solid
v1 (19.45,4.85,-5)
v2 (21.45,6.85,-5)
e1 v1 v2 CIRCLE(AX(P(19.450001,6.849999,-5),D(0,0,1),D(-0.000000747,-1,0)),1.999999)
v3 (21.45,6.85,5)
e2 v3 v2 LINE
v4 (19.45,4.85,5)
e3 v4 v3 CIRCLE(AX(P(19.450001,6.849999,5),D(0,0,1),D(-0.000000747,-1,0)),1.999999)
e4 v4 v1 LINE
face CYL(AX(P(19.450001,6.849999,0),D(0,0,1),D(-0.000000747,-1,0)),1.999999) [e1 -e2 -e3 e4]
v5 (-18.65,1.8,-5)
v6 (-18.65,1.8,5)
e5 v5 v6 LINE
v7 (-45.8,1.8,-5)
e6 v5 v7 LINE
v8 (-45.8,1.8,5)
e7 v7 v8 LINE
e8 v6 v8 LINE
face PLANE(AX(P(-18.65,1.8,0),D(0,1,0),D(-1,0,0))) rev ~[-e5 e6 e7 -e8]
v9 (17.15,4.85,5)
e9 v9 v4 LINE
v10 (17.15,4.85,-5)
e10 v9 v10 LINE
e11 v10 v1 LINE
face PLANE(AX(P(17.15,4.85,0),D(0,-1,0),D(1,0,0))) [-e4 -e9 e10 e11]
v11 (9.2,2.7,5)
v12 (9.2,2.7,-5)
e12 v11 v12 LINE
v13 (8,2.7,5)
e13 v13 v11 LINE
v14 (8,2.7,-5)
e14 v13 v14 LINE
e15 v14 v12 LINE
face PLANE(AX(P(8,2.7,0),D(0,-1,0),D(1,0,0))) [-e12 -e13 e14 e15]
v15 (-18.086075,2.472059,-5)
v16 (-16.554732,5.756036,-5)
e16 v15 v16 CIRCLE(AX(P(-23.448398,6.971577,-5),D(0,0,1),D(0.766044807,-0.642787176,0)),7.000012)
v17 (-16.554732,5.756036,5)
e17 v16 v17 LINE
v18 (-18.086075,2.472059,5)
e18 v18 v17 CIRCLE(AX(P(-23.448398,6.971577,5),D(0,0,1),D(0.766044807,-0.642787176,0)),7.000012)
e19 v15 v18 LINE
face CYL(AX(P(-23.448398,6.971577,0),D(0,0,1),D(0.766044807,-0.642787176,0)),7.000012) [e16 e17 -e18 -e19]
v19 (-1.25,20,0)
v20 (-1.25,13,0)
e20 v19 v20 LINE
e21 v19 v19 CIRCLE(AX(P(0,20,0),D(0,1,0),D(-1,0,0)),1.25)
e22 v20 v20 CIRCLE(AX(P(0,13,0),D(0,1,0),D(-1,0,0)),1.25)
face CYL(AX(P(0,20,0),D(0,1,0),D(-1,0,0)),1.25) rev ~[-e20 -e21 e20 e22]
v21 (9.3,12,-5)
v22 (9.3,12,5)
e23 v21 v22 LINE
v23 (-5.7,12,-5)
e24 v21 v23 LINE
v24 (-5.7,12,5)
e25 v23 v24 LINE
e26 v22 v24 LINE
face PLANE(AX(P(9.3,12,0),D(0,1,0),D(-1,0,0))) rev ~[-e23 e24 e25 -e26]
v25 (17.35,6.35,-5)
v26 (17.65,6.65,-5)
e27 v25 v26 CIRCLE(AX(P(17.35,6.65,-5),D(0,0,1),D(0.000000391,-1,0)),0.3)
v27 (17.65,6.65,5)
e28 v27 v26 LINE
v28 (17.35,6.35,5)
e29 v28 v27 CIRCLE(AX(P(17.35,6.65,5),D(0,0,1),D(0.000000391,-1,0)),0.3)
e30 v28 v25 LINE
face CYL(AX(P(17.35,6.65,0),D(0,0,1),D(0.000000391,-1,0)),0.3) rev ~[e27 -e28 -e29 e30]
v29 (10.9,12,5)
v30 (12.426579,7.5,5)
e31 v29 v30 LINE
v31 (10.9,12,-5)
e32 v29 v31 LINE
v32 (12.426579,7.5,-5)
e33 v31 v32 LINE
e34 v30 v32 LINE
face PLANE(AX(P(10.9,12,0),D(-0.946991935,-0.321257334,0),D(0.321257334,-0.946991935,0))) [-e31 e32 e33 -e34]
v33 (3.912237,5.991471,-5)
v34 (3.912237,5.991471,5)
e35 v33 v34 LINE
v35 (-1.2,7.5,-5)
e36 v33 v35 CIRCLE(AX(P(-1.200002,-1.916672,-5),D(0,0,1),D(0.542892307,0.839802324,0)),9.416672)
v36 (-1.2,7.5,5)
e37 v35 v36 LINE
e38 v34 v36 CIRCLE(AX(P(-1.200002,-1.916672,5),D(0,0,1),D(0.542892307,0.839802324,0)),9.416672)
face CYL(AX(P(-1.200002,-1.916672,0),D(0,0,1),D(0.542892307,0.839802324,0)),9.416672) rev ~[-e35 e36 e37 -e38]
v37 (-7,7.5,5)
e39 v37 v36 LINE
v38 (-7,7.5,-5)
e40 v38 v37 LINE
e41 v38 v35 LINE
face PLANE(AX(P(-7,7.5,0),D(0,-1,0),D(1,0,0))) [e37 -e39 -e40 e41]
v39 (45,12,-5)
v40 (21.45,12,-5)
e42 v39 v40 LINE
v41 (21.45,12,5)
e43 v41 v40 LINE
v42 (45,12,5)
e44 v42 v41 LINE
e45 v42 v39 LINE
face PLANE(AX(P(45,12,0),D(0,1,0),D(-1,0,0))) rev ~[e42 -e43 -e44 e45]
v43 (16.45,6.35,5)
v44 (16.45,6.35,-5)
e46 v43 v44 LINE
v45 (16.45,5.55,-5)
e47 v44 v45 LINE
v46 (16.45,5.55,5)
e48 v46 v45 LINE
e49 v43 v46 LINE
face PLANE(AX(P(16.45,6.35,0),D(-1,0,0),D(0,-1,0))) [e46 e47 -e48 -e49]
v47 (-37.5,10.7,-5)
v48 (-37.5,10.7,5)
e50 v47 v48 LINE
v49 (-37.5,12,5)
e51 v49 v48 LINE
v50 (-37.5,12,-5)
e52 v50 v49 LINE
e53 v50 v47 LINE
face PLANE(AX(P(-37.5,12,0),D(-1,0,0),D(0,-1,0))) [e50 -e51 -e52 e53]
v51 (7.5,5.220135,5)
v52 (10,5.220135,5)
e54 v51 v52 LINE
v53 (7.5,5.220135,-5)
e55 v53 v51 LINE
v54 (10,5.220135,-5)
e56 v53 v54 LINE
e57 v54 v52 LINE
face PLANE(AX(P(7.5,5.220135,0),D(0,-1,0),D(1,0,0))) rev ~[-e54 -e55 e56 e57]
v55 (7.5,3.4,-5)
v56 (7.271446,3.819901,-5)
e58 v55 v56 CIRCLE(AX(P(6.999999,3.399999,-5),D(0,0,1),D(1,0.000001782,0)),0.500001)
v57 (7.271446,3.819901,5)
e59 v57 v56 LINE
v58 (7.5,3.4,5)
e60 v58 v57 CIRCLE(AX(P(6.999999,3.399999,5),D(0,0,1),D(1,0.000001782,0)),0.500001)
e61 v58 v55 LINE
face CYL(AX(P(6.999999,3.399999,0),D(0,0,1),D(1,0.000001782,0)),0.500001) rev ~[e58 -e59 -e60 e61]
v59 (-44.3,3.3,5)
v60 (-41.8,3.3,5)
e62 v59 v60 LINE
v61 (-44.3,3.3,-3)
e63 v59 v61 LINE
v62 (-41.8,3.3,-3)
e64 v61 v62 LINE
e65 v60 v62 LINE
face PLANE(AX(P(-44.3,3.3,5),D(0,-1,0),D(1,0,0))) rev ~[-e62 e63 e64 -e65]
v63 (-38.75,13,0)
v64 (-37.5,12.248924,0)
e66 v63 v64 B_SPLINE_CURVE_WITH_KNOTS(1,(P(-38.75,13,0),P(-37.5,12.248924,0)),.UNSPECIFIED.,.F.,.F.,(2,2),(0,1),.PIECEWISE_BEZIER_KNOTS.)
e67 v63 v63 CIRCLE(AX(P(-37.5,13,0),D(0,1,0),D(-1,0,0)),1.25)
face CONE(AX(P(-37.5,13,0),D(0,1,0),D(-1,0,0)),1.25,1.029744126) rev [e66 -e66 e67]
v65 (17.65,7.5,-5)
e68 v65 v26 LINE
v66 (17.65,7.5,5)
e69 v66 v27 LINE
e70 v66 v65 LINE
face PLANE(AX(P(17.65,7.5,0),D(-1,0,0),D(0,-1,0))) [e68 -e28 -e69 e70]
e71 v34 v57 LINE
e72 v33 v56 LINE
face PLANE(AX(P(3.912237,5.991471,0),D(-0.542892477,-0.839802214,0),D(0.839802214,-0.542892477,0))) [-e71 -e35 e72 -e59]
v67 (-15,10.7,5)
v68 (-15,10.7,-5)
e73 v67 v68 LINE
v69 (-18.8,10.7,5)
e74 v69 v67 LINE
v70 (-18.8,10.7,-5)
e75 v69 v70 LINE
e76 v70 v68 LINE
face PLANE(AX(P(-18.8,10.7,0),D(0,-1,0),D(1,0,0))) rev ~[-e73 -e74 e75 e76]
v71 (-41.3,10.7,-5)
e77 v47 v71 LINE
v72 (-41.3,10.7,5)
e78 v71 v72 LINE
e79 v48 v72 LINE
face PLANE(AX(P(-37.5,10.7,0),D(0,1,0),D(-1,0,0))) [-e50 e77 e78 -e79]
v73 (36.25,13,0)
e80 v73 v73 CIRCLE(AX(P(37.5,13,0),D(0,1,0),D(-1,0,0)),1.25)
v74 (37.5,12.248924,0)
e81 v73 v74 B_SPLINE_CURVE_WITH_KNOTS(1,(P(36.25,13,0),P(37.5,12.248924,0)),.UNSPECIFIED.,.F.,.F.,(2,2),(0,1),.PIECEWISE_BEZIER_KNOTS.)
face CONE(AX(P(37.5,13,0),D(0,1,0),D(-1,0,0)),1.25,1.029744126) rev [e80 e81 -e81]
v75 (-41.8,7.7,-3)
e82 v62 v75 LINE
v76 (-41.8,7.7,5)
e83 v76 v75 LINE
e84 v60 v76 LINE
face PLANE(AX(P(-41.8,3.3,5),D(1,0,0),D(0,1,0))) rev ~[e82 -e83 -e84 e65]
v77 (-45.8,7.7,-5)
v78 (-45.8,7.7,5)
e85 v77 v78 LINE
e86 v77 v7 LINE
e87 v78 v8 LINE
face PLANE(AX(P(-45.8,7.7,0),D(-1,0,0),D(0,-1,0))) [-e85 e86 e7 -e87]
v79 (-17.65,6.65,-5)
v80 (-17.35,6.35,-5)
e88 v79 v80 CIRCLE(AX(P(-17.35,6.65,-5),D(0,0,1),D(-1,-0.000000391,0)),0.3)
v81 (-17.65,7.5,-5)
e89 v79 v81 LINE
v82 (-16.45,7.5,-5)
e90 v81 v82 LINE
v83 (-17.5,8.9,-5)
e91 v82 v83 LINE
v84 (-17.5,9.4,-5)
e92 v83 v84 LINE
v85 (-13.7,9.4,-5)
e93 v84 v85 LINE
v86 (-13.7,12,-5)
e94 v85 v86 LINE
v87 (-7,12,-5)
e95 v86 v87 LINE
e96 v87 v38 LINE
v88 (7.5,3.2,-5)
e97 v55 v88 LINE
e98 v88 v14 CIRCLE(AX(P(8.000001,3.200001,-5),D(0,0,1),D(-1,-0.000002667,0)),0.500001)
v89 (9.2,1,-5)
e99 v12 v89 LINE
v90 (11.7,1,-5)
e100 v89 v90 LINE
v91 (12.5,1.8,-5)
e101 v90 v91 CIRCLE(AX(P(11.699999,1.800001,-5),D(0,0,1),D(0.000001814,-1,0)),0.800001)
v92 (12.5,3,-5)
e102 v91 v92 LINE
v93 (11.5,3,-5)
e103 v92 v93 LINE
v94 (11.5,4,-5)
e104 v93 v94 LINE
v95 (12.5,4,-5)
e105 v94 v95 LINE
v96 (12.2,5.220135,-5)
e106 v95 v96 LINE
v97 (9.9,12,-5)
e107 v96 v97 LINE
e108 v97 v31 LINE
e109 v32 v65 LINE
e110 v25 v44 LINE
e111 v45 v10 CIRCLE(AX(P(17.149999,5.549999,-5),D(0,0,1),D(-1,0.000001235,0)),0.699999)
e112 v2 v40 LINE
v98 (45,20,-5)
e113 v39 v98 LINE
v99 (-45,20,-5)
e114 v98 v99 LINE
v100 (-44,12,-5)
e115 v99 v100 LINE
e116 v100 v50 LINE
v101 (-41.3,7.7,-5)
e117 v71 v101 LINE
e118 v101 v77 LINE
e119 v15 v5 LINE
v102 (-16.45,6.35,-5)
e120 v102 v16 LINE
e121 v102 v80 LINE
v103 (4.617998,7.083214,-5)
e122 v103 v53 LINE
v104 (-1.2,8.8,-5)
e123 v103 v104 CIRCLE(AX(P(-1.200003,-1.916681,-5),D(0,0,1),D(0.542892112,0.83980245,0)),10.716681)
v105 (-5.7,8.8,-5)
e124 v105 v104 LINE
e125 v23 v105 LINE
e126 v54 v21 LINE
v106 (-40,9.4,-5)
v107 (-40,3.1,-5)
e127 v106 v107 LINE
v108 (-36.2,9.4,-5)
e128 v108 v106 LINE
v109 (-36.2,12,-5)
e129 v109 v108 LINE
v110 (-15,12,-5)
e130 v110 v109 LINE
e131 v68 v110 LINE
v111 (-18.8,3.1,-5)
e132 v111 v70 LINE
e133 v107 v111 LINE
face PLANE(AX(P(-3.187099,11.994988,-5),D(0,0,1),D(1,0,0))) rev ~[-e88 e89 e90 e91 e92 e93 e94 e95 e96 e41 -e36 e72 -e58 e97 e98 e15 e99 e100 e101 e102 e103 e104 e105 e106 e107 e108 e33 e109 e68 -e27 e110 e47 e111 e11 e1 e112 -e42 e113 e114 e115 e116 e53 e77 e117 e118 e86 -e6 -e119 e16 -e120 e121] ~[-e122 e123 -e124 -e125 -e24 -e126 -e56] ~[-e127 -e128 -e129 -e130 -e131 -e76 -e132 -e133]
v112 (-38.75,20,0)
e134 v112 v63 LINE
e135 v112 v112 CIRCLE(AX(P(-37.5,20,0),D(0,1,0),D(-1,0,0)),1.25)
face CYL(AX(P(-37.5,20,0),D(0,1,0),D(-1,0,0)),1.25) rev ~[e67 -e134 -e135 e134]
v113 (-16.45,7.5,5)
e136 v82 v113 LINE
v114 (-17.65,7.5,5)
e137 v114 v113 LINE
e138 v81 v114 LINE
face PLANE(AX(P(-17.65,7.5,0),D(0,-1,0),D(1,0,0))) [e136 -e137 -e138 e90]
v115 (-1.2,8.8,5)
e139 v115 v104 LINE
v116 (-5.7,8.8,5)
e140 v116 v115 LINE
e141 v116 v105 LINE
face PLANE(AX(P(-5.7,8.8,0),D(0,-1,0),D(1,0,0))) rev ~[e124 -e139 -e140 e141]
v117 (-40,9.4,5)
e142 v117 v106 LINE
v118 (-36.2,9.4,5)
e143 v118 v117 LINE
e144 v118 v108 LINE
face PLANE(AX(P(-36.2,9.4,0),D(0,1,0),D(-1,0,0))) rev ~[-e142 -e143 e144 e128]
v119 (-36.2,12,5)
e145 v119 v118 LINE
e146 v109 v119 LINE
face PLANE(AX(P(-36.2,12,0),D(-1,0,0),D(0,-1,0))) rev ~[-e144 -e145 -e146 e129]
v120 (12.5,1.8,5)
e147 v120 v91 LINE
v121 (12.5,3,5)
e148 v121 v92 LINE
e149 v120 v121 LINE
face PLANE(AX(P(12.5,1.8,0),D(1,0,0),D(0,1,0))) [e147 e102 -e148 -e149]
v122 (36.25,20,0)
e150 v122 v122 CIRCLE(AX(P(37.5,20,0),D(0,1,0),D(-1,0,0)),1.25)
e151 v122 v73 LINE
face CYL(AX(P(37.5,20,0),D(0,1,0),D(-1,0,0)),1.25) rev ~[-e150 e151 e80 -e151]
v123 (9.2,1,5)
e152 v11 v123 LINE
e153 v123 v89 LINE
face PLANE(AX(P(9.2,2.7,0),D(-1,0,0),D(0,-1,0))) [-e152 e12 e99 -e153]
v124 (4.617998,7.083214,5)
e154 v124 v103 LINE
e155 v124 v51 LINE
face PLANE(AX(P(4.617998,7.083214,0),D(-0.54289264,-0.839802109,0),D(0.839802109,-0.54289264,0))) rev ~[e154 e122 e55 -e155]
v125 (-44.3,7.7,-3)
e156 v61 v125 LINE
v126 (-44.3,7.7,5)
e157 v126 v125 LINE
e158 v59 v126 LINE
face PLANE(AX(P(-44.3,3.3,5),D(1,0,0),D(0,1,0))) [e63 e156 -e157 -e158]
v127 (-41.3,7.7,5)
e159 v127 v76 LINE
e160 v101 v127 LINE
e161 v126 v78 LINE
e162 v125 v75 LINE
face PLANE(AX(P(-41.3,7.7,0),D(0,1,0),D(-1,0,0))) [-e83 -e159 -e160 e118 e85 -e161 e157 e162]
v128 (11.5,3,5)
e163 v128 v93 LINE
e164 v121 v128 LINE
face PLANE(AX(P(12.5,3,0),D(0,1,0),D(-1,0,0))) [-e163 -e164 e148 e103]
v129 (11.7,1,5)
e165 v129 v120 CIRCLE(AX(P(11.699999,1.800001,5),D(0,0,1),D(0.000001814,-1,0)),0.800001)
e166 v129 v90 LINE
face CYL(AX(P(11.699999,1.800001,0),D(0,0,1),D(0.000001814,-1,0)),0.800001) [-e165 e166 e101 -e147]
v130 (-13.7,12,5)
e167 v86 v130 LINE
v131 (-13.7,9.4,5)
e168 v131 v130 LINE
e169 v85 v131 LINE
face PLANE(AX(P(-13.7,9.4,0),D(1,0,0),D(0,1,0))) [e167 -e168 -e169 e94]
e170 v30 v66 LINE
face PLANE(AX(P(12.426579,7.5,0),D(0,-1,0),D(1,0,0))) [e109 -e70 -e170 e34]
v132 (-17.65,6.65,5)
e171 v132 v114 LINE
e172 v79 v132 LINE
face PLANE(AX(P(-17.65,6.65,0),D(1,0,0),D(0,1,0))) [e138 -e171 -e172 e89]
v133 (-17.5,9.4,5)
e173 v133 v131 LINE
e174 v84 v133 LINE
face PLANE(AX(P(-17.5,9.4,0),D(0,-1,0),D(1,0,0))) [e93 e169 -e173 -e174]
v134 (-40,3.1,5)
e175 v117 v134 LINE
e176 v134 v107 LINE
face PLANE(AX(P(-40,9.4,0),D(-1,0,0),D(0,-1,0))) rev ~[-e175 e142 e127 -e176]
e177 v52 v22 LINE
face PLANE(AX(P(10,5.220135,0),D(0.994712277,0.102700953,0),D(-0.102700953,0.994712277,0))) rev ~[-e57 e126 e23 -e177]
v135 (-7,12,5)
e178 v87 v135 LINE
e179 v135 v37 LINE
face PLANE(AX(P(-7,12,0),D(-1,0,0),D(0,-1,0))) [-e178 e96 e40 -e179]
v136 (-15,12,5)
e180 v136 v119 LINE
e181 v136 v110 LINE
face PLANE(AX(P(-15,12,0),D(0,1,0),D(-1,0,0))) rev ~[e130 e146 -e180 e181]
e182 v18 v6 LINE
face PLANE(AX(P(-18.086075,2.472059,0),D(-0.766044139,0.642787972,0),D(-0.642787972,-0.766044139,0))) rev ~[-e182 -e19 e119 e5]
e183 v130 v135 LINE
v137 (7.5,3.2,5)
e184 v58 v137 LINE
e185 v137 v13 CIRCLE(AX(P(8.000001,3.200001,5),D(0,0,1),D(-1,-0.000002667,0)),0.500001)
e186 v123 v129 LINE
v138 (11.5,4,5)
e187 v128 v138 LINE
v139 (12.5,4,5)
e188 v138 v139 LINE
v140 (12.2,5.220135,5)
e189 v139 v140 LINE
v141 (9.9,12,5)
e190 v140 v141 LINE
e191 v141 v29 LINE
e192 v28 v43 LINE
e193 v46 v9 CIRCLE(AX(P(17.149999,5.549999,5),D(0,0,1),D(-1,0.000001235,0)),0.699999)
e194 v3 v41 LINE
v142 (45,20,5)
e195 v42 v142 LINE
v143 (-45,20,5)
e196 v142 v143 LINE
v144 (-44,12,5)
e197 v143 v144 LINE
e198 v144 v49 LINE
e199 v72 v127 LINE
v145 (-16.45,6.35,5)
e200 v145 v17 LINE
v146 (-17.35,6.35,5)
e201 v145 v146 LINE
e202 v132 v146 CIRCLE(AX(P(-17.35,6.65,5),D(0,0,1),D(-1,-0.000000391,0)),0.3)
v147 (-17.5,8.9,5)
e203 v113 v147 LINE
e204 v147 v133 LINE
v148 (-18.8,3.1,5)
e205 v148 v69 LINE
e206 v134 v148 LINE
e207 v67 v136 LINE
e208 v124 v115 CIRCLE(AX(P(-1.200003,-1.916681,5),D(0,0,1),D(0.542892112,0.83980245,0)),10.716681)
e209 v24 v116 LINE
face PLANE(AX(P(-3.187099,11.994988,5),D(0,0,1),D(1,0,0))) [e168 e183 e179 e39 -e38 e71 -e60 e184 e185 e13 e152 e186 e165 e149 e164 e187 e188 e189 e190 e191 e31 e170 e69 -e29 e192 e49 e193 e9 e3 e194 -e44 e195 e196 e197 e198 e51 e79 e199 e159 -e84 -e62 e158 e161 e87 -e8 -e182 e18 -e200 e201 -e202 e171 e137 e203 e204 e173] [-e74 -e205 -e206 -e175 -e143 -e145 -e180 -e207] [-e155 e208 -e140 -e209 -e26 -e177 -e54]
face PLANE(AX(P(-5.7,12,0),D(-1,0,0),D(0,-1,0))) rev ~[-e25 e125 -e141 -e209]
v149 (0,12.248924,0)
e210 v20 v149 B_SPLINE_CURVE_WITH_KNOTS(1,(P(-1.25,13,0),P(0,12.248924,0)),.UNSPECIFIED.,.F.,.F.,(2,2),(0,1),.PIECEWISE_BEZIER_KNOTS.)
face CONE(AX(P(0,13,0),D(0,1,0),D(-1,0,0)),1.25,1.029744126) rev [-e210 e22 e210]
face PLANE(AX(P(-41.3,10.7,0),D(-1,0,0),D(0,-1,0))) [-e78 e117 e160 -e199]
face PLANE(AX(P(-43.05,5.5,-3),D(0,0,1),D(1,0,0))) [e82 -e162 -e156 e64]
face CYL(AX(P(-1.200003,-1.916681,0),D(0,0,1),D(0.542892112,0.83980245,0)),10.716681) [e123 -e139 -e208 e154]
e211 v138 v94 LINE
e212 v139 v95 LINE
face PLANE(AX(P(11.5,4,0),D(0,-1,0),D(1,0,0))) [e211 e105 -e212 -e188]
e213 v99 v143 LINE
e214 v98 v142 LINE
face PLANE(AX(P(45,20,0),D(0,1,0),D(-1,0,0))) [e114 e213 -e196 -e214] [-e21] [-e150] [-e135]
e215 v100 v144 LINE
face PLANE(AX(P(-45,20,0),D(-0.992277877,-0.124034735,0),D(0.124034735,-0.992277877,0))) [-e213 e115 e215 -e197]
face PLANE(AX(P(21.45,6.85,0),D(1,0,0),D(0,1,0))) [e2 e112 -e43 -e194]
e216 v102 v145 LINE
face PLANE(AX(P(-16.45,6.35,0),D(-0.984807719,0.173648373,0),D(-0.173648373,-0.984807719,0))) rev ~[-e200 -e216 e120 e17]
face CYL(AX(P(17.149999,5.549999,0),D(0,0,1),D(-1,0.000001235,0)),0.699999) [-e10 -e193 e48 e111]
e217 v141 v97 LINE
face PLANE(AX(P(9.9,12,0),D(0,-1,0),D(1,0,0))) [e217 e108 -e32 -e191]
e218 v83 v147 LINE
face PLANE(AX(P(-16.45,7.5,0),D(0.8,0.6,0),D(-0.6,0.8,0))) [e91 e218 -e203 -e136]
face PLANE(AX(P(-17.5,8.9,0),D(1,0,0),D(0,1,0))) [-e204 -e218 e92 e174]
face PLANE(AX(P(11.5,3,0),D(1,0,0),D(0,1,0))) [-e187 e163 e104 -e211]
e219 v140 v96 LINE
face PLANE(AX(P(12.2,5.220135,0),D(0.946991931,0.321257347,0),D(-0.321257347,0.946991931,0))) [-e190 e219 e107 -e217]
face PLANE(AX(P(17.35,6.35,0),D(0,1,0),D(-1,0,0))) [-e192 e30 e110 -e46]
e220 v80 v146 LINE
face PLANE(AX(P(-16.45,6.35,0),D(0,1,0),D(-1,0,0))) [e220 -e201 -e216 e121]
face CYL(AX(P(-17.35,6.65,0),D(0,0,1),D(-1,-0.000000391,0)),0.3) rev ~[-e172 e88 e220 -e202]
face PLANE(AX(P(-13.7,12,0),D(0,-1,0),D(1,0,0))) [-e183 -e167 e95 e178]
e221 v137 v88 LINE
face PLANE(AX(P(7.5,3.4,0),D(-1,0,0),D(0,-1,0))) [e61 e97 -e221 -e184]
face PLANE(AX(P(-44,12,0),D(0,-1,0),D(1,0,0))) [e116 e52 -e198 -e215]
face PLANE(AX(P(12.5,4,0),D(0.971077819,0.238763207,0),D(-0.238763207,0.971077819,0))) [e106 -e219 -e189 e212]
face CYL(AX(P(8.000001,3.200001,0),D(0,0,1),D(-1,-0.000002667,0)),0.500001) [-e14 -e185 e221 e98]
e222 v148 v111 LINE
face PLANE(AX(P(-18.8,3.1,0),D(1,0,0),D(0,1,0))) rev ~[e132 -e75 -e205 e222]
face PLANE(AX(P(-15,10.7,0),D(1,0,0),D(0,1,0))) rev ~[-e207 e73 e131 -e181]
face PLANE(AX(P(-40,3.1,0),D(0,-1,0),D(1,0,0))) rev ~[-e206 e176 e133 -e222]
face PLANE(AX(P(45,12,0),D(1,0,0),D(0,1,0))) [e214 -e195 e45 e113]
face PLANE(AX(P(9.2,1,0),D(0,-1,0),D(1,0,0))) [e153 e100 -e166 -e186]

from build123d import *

# Parameters (mm, degrees)
PAD_DEPTH    = 5
SKETCH001_W  = 2.5
SKETCH001_H  = 4.4
POCKET_DEPTH = 8
SKETCH002_R  = 1.25
HOLE_DEPTH   = 7
HOLE_TIPS_R  = 1.25


with BuildPart() as part:
    # Sketch → Pad (new body, symmetric)
    with BuildSketch(Plane.XY):
        with BuildLine():
            Line((45, 12), (45, 20))
            Line((45, 20), (-45, 20))
            Line((-45, 20), (-44, 12))
            Line((-44, 12), (-37.5, 12))
            Line((-37.5, 12), (-37.5, 10.7))
            Line((-37.5, 10.7), (-41.3, 10.7))
            Line((-41.3, 10.7), (-41.3, 7.7))
            Line((-41.3, 7.7), (-45.8, 7.7))
            Line((-45.8, 7.7), (-45.8, 1.8))
            Line((-41.3, 1.8), (-45.8, 1.8))
            Line((-18.65, 1.8), (-41.3, 1.8))
            Line((-18.086075, 2.472059), (-18.65, 1.8))
            ThreePointArc((-18.086075, 2.472059), (-17.104232, 4.013245), (-16.554732, 5.756036))
            Line((-16.45, 6.35), (-16.554732, 5.756036))
            Line((-16.45, 6.35), (-17.35, 6.35))
            ThreePointArc((-17.65, 6.65), (-17.562132, 6.437868), (-17.35, 6.35))
            Line((-17.65, 6.65), (-17.65, 7.5))
            Line((-17.65, 7.5), (-16.45, 7.5))
            Line((-16.45, 7.5), (-17.5, 8.9))
            Line((-17.5, 8.9), (-17.5, 9.4))
            Line((-17.5, 9.4), (-13.7, 9.4))
            Line((-13.7, 9.4), (-13.7, 12))
            Line((-13.7, 12), (-7, 12))
            Line((-7, 12), (-7, 7.5))
            Line((-7, 7.5), (-1.2, 7.5))
            ThreePointArc((3.912237, 5.991471), (1.465081, 7.114997), (-1.2, 7.5))
            Line((3.912237, 5.991471), (7.271446, 3.819901))
            ThreePointArc((7.5, 3.4), (7.43916, 3.639036), (7.271446, 3.819901))
            Line((7.5, 3.4), (7.5, 3.2))
            ThreePointArc((7.5, 3.2), (7.646447, 2.846447), (8, 2.7))
            Line((8, 2.7), (9.2, 2.7))
            Line((9.2, 2.7), (9.2, 1))
            Line((9.2, 1), (11.7, 1))
            ThreePointArc((11.7, 1), (12.265685, 1.234315), (12.5, 1.8))
            Line((12.5, 1.8), (12.5, 3))
            Line((12.5, 3), (11.5, 3))
            Line((11.5, 3), (11.5, 4))
            Line((11.5, 4), (12.5, 4))
            Line((12.5, 4), (12.2, 5.220135))
            Line((12.2, 5.220135), (9.9, 12))
            Line((9.9, 12), (10.9, 12))
            Line((10.9, 12), (12.426579, 7.5))
            Line((12.426579, 7.5), (17.65, 7.5))
            Line((17.65, 7.5), (17.65, 6.65))
            ThreePointArc((17.35, 6.35), (17.562132, 6.437868), (17.65, 6.65))
            Line((17.35, 6.35), (16.45, 6.35))
            Line((16.45, 6.35), (16.45, 5.55))
            ThreePointArc((16.45, 5.55), (16.655025, 5.055025), (17.15, 4.85))
            Line((17.15, 4.85), (19.45, 4.85))
            ThreePointArc((19.45, 4.85), (20.864214, 5.435786), (21.45, 6.85))
            Line((21.45, 6.85), (21.45, 12))
            Line((45, 12), (21.45, 12))
        make_face()
        with BuildLine():
            Line((-5.7, 12), (-5.7, 8.8))
            Line((-5.7, 8.8), (-1.2, 8.8))
            ThreePointArc((4.617998, 7.083214), (1.833004, 8.361846), (-1.2, 8.8))
            Line((4.617998, 7.083214), (7.5, 5.220135))
            Line((7.5, 5.220135), (10, 5.220135))
            Line((10, 5.220135), (9.3, 12))
            Line((9.3, 12), (-5.7, 12))
        make_face(mode=Mode.SUBTRACT)
        Polygon((-36.2, 12), (-36.2, 9.4), (-40, 9.4), (-40, 3.1), (-18.8, 3.1), (-18.8, 10.7), (-15, 10.7), (-15, 12), align=None, mode=Mode.SUBTRACT)
    extrude(amount=PAD_DEPTH, both=True)

    # Sketch001 (on Face67 of Pad) → Pocket (cut)
    with BuildSketch(Plane.XY.offset(5)):
        with Locations((-43.05, 5.5)):
            Rectangle(SKETCH001_W, SKETCH001_H)
    extrude(amount=-POCKET_DEPTH, mode=Mode.SUBTRACT)

    # Sketch002 (on Face13 of Pocket) → Hole (cut)
    with BuildSketch(Plane(origin=(0, 20, 0), x_dir=(-1, 0, 0), z_dir=(0, 1, 0))):
        Circle(SKETCH002_R)
        with Locations((-37.5, 0)):
            Circle(SKETCH002_R)
        with Locations((37.5, 0)):
            Circle(SKETCH002_R)
    extrude(amount=-HOLE_DEPTH, mode=Mode.SUBTRACT)

    # Hole tips → Hole tip 1 section 0
    with BuildSketch(Plane(origin=(0, 13, 0), x_dir=(-1, 0, 0), z_dir=(0, 1, 0)), mode=Mode.PRIVATE) as hole_tip_1_s0:
        Circle(HOLE_TIPS_R)
    loft([hole_tip_1_s0.sketch, Vertex(0, 12.248924, 0)], mode=Mode.SUBTRACT)

    # Hole tips → Hole tip 2 section 0
    with BuildSketch(Plane(origin=(0, 13, 0), x_dir=(-1, 0, 0), z_dir=(0, 1, 0)), mode=Mode.PRIVATE) as hole_tip_2_s0:
        with Locations((-37.5, 0)):
            Circle(HOLE_TIPS_R)
    loft([hole_tip_2_s0.sketch, Vertex(37.5, 12.248924, 0)], mode=Mode.SUBTRACT)

    # Hole tips → Hole tip 3 section 0
    with BuildSketch(Plane(origin=(0, 13, 0), x_dir=(-1, 0, 0), z_dir=(0, 1, 0)), mode=Mode.PRIVATE) as hole_tip_3_s0:
        with Locations((37.5, 0)):
            Circle(HOLE_TIPS_R)
    loft([hole_tip_3_s0.sketch, Vertex(-37.5, 12.248924, 0)], mode=Mode.SUBTRACT)


solid = part.part
